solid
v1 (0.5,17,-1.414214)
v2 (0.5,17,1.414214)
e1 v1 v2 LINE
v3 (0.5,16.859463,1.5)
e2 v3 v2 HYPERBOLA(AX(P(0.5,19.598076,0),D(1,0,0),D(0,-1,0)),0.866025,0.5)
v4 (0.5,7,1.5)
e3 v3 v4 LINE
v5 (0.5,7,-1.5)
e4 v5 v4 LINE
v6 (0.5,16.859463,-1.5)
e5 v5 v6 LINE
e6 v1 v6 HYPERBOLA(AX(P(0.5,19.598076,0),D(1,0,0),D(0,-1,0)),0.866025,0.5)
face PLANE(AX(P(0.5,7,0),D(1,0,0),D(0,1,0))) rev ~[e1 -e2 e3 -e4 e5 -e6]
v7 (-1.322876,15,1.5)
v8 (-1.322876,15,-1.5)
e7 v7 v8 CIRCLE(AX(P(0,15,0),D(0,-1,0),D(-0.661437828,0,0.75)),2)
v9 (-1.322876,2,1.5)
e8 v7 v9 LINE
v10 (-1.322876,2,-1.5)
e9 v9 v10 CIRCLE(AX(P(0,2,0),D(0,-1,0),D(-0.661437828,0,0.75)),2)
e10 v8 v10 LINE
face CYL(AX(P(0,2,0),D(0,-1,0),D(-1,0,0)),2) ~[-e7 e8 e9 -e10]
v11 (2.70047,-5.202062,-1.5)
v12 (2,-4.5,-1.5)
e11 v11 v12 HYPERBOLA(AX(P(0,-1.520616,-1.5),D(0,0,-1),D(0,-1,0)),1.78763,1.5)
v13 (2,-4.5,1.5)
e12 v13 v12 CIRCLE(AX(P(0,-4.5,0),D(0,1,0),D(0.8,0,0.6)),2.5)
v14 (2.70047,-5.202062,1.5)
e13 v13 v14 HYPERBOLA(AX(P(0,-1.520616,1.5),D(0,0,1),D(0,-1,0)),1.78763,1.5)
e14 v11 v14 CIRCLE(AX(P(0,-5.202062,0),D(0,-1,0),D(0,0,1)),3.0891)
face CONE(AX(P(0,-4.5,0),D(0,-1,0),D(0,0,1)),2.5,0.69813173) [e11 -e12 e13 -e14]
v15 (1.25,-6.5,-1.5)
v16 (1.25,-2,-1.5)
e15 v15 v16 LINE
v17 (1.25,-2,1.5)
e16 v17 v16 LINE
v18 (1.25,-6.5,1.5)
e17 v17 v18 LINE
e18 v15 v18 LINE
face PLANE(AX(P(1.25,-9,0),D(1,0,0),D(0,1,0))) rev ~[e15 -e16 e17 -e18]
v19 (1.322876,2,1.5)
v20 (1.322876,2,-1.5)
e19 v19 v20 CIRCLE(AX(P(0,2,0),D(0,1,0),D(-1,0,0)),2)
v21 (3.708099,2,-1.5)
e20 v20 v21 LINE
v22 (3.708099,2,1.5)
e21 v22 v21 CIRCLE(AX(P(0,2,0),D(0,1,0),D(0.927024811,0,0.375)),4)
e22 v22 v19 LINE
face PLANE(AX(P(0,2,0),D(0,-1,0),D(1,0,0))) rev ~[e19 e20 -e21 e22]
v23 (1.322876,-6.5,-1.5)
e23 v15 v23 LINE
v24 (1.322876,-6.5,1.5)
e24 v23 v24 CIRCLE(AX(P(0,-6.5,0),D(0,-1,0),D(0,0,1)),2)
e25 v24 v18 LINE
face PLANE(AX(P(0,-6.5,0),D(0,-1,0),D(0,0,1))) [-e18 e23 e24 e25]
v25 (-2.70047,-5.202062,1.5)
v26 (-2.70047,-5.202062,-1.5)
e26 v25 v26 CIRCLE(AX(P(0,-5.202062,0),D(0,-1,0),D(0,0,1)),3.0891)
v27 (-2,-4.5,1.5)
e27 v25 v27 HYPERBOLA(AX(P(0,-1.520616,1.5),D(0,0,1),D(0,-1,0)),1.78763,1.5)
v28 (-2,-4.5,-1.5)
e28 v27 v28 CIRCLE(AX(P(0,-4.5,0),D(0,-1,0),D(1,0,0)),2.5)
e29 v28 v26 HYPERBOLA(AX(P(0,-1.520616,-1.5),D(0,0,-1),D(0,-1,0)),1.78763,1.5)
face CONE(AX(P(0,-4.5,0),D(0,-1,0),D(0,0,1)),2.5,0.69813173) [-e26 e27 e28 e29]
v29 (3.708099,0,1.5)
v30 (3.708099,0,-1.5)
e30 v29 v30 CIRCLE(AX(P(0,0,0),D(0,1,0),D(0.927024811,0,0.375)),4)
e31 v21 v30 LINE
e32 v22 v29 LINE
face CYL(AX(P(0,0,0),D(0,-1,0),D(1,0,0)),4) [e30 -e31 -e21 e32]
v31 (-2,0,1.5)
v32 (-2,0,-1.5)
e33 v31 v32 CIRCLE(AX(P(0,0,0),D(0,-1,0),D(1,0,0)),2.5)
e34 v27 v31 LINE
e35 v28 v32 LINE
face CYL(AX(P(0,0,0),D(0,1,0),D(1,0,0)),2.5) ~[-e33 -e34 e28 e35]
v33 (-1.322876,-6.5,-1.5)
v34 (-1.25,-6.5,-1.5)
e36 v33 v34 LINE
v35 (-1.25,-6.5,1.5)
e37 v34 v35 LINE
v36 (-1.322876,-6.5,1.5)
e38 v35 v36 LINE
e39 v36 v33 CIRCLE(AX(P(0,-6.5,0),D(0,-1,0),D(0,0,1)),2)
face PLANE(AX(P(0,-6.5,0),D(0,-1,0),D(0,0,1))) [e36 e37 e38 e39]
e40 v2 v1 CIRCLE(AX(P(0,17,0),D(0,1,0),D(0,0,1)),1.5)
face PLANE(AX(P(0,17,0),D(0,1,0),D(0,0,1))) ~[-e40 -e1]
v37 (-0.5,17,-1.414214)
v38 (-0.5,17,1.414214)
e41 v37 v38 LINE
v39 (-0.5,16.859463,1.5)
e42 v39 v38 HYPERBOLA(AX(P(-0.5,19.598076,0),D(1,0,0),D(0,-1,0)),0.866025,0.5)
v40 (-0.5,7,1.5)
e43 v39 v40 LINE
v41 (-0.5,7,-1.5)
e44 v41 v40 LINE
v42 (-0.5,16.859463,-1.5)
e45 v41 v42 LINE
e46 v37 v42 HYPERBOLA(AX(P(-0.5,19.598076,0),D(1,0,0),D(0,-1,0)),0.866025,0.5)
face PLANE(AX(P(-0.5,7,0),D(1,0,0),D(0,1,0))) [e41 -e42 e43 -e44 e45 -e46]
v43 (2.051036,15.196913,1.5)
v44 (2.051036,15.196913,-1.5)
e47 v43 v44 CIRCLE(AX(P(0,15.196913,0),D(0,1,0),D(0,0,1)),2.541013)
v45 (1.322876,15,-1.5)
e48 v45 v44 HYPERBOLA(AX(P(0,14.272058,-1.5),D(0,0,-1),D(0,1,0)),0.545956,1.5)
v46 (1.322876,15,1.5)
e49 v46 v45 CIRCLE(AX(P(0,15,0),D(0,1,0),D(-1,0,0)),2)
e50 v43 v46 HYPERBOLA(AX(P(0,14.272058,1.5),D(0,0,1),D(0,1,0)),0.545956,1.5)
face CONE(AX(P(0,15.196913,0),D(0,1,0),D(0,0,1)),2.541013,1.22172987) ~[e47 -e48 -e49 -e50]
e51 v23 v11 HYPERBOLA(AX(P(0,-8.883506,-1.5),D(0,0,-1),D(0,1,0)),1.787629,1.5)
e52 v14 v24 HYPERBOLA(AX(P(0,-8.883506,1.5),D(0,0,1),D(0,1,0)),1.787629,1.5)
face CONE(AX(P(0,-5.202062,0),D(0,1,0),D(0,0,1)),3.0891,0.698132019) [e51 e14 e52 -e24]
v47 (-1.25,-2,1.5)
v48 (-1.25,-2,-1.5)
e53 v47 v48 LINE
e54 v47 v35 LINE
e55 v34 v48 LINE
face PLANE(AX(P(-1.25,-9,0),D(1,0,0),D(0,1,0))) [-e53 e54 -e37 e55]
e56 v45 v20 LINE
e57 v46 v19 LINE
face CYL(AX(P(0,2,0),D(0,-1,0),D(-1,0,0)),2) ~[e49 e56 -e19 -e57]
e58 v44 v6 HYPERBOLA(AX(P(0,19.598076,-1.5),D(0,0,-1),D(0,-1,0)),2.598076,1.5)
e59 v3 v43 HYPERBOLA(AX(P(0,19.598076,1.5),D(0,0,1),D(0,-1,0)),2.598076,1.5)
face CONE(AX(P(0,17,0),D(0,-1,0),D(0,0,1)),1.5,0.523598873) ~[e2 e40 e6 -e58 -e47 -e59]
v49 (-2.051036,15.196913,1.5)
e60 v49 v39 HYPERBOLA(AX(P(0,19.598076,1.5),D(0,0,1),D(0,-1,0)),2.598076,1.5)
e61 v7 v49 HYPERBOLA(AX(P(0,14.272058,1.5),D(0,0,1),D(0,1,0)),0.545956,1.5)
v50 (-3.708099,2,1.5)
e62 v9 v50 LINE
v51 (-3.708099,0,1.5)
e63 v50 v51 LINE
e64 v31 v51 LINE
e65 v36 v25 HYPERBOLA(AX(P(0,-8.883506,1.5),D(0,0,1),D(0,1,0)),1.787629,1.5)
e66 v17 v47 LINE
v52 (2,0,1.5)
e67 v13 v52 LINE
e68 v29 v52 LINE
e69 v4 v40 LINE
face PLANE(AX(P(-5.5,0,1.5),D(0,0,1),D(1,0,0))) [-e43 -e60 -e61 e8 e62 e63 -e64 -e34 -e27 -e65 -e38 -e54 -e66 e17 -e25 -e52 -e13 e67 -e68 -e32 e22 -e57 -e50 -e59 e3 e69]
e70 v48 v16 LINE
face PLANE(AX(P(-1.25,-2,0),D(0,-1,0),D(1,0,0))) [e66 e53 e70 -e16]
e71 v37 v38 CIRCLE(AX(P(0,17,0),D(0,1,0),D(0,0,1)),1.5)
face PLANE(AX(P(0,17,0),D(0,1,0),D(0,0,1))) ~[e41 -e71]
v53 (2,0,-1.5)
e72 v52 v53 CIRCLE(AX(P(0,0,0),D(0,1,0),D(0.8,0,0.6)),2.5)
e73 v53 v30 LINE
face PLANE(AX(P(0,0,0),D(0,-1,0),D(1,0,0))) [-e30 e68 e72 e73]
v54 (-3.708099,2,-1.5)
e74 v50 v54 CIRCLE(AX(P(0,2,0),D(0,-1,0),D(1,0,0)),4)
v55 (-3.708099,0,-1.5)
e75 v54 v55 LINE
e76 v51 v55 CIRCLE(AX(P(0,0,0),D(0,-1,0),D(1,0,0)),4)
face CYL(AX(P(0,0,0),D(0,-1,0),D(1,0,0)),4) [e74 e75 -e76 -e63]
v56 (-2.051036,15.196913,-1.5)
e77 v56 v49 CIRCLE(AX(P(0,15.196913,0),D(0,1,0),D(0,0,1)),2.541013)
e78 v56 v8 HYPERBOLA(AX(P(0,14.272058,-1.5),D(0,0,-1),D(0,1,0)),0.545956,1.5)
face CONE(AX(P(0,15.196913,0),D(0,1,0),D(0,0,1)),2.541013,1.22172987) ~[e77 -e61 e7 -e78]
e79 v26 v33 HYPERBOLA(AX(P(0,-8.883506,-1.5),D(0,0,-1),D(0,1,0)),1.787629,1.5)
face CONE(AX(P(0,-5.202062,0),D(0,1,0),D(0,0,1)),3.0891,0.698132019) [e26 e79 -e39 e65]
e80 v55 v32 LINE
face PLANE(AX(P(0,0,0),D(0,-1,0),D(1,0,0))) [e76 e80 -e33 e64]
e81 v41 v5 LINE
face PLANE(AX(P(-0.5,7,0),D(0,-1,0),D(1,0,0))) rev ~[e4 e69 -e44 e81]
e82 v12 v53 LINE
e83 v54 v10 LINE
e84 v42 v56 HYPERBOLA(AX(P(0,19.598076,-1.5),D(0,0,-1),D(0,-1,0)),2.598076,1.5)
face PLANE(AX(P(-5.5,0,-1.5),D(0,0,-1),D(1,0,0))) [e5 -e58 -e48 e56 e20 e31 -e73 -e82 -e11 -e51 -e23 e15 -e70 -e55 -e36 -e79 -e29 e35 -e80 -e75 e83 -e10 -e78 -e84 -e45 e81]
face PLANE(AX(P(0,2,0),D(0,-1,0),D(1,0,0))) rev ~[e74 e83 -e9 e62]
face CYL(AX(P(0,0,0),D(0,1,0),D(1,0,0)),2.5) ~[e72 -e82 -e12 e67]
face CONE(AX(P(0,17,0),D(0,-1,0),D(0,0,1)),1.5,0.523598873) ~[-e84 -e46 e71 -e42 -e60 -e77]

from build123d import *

# Parameters (mm, degrees)
F15_R     = 2.5
F0_DEPTH  = 4.5
F3_W      = 2.5
F3_H      = 7
F4_DEPTH  = 3.5
F5_R      = 4
F6_DEPTH  = 2
F7_R      = 2
F8_DEPTH  = 13
F11_W     = 1
F11_H     = 11
F12_DEPTH = 12.5
F13_W     = 11
F13_H     = 5
F14_DEPTH = 25


with BuildPart() as f0:
    # F15 (on Front) → F0 (new body)
    with BuildSketch(Plane.XZ):
        Circle(F15_R)
    extrude(amount=F0_DEPTH)

    # F1 (on Right) → F2 (revolve)
    with BuildSketch(Plane.YZ):
        Polygon((-6.5, 0), (-4.5, 0), (-4.5, 2.5), (-5.202062, 3.0891), (-6.5, 2), align=None)
    revolve(axis=Axis((0, -8.987078, 0), (0, -1, 0)))

    # F3 (on Top) → F4 (cut, symmetric)
    with BuildSketch(Plane.XY):
        with Locations((0, -5.5)):
            Rectangle(F3_W, F3_H)
    extrude(amount=F4_DEPTH, both=True, mode=Mode.SUBTRACT)

    # F5 (on face) → F6 (join)
    with BuildSketch(Plane.XZ):
        Circle(F5_R)
    extrude(amount=-F6_DEPTH)

    # F7 (on face) → F8 (join)
    with BuildSketch(Plane(origin=(0, 2, 0), x_dir=(-1, 0, 0), z_dir=(0, 1, 0))):
        Circle(F7_R)
    extrude(amount=F8_DEPTH)

    # F9 (on Right) → F10 (revolve)
    with BuildSketch(Plane.YZ):
        Polygon((15, 2), (15, 0), (17, 0), (17, 1.5), (15.196913, 2.541013), align=None)
    revolve(axis=Axis((0, 16, 0), (0, 1, 0)))

    # F11 (on Top) → F12 (cut, symmetric)
    with BuildSketch(Plane.XY):
        with Locations((0, 12.5)):
            Rectangle(F11_W, F11_H)
    extrude(amount=F12_DEPTH, both=True, mode=Mode.SUBTRACT)

    # F13 (on Front) → F14 (cut, symmetric)
    with BuildSketch(Plane.XZ):
        with Locations((0, 4)):
            Rectangle(F13_W, F13_H)
        with Locations((0, -4)):
            Rectangle(F13_W, F13_H)
    extrude(amount=F14_DEPTH, both=True, mode=Mode.SUBTRACT)


solid = f0.part
